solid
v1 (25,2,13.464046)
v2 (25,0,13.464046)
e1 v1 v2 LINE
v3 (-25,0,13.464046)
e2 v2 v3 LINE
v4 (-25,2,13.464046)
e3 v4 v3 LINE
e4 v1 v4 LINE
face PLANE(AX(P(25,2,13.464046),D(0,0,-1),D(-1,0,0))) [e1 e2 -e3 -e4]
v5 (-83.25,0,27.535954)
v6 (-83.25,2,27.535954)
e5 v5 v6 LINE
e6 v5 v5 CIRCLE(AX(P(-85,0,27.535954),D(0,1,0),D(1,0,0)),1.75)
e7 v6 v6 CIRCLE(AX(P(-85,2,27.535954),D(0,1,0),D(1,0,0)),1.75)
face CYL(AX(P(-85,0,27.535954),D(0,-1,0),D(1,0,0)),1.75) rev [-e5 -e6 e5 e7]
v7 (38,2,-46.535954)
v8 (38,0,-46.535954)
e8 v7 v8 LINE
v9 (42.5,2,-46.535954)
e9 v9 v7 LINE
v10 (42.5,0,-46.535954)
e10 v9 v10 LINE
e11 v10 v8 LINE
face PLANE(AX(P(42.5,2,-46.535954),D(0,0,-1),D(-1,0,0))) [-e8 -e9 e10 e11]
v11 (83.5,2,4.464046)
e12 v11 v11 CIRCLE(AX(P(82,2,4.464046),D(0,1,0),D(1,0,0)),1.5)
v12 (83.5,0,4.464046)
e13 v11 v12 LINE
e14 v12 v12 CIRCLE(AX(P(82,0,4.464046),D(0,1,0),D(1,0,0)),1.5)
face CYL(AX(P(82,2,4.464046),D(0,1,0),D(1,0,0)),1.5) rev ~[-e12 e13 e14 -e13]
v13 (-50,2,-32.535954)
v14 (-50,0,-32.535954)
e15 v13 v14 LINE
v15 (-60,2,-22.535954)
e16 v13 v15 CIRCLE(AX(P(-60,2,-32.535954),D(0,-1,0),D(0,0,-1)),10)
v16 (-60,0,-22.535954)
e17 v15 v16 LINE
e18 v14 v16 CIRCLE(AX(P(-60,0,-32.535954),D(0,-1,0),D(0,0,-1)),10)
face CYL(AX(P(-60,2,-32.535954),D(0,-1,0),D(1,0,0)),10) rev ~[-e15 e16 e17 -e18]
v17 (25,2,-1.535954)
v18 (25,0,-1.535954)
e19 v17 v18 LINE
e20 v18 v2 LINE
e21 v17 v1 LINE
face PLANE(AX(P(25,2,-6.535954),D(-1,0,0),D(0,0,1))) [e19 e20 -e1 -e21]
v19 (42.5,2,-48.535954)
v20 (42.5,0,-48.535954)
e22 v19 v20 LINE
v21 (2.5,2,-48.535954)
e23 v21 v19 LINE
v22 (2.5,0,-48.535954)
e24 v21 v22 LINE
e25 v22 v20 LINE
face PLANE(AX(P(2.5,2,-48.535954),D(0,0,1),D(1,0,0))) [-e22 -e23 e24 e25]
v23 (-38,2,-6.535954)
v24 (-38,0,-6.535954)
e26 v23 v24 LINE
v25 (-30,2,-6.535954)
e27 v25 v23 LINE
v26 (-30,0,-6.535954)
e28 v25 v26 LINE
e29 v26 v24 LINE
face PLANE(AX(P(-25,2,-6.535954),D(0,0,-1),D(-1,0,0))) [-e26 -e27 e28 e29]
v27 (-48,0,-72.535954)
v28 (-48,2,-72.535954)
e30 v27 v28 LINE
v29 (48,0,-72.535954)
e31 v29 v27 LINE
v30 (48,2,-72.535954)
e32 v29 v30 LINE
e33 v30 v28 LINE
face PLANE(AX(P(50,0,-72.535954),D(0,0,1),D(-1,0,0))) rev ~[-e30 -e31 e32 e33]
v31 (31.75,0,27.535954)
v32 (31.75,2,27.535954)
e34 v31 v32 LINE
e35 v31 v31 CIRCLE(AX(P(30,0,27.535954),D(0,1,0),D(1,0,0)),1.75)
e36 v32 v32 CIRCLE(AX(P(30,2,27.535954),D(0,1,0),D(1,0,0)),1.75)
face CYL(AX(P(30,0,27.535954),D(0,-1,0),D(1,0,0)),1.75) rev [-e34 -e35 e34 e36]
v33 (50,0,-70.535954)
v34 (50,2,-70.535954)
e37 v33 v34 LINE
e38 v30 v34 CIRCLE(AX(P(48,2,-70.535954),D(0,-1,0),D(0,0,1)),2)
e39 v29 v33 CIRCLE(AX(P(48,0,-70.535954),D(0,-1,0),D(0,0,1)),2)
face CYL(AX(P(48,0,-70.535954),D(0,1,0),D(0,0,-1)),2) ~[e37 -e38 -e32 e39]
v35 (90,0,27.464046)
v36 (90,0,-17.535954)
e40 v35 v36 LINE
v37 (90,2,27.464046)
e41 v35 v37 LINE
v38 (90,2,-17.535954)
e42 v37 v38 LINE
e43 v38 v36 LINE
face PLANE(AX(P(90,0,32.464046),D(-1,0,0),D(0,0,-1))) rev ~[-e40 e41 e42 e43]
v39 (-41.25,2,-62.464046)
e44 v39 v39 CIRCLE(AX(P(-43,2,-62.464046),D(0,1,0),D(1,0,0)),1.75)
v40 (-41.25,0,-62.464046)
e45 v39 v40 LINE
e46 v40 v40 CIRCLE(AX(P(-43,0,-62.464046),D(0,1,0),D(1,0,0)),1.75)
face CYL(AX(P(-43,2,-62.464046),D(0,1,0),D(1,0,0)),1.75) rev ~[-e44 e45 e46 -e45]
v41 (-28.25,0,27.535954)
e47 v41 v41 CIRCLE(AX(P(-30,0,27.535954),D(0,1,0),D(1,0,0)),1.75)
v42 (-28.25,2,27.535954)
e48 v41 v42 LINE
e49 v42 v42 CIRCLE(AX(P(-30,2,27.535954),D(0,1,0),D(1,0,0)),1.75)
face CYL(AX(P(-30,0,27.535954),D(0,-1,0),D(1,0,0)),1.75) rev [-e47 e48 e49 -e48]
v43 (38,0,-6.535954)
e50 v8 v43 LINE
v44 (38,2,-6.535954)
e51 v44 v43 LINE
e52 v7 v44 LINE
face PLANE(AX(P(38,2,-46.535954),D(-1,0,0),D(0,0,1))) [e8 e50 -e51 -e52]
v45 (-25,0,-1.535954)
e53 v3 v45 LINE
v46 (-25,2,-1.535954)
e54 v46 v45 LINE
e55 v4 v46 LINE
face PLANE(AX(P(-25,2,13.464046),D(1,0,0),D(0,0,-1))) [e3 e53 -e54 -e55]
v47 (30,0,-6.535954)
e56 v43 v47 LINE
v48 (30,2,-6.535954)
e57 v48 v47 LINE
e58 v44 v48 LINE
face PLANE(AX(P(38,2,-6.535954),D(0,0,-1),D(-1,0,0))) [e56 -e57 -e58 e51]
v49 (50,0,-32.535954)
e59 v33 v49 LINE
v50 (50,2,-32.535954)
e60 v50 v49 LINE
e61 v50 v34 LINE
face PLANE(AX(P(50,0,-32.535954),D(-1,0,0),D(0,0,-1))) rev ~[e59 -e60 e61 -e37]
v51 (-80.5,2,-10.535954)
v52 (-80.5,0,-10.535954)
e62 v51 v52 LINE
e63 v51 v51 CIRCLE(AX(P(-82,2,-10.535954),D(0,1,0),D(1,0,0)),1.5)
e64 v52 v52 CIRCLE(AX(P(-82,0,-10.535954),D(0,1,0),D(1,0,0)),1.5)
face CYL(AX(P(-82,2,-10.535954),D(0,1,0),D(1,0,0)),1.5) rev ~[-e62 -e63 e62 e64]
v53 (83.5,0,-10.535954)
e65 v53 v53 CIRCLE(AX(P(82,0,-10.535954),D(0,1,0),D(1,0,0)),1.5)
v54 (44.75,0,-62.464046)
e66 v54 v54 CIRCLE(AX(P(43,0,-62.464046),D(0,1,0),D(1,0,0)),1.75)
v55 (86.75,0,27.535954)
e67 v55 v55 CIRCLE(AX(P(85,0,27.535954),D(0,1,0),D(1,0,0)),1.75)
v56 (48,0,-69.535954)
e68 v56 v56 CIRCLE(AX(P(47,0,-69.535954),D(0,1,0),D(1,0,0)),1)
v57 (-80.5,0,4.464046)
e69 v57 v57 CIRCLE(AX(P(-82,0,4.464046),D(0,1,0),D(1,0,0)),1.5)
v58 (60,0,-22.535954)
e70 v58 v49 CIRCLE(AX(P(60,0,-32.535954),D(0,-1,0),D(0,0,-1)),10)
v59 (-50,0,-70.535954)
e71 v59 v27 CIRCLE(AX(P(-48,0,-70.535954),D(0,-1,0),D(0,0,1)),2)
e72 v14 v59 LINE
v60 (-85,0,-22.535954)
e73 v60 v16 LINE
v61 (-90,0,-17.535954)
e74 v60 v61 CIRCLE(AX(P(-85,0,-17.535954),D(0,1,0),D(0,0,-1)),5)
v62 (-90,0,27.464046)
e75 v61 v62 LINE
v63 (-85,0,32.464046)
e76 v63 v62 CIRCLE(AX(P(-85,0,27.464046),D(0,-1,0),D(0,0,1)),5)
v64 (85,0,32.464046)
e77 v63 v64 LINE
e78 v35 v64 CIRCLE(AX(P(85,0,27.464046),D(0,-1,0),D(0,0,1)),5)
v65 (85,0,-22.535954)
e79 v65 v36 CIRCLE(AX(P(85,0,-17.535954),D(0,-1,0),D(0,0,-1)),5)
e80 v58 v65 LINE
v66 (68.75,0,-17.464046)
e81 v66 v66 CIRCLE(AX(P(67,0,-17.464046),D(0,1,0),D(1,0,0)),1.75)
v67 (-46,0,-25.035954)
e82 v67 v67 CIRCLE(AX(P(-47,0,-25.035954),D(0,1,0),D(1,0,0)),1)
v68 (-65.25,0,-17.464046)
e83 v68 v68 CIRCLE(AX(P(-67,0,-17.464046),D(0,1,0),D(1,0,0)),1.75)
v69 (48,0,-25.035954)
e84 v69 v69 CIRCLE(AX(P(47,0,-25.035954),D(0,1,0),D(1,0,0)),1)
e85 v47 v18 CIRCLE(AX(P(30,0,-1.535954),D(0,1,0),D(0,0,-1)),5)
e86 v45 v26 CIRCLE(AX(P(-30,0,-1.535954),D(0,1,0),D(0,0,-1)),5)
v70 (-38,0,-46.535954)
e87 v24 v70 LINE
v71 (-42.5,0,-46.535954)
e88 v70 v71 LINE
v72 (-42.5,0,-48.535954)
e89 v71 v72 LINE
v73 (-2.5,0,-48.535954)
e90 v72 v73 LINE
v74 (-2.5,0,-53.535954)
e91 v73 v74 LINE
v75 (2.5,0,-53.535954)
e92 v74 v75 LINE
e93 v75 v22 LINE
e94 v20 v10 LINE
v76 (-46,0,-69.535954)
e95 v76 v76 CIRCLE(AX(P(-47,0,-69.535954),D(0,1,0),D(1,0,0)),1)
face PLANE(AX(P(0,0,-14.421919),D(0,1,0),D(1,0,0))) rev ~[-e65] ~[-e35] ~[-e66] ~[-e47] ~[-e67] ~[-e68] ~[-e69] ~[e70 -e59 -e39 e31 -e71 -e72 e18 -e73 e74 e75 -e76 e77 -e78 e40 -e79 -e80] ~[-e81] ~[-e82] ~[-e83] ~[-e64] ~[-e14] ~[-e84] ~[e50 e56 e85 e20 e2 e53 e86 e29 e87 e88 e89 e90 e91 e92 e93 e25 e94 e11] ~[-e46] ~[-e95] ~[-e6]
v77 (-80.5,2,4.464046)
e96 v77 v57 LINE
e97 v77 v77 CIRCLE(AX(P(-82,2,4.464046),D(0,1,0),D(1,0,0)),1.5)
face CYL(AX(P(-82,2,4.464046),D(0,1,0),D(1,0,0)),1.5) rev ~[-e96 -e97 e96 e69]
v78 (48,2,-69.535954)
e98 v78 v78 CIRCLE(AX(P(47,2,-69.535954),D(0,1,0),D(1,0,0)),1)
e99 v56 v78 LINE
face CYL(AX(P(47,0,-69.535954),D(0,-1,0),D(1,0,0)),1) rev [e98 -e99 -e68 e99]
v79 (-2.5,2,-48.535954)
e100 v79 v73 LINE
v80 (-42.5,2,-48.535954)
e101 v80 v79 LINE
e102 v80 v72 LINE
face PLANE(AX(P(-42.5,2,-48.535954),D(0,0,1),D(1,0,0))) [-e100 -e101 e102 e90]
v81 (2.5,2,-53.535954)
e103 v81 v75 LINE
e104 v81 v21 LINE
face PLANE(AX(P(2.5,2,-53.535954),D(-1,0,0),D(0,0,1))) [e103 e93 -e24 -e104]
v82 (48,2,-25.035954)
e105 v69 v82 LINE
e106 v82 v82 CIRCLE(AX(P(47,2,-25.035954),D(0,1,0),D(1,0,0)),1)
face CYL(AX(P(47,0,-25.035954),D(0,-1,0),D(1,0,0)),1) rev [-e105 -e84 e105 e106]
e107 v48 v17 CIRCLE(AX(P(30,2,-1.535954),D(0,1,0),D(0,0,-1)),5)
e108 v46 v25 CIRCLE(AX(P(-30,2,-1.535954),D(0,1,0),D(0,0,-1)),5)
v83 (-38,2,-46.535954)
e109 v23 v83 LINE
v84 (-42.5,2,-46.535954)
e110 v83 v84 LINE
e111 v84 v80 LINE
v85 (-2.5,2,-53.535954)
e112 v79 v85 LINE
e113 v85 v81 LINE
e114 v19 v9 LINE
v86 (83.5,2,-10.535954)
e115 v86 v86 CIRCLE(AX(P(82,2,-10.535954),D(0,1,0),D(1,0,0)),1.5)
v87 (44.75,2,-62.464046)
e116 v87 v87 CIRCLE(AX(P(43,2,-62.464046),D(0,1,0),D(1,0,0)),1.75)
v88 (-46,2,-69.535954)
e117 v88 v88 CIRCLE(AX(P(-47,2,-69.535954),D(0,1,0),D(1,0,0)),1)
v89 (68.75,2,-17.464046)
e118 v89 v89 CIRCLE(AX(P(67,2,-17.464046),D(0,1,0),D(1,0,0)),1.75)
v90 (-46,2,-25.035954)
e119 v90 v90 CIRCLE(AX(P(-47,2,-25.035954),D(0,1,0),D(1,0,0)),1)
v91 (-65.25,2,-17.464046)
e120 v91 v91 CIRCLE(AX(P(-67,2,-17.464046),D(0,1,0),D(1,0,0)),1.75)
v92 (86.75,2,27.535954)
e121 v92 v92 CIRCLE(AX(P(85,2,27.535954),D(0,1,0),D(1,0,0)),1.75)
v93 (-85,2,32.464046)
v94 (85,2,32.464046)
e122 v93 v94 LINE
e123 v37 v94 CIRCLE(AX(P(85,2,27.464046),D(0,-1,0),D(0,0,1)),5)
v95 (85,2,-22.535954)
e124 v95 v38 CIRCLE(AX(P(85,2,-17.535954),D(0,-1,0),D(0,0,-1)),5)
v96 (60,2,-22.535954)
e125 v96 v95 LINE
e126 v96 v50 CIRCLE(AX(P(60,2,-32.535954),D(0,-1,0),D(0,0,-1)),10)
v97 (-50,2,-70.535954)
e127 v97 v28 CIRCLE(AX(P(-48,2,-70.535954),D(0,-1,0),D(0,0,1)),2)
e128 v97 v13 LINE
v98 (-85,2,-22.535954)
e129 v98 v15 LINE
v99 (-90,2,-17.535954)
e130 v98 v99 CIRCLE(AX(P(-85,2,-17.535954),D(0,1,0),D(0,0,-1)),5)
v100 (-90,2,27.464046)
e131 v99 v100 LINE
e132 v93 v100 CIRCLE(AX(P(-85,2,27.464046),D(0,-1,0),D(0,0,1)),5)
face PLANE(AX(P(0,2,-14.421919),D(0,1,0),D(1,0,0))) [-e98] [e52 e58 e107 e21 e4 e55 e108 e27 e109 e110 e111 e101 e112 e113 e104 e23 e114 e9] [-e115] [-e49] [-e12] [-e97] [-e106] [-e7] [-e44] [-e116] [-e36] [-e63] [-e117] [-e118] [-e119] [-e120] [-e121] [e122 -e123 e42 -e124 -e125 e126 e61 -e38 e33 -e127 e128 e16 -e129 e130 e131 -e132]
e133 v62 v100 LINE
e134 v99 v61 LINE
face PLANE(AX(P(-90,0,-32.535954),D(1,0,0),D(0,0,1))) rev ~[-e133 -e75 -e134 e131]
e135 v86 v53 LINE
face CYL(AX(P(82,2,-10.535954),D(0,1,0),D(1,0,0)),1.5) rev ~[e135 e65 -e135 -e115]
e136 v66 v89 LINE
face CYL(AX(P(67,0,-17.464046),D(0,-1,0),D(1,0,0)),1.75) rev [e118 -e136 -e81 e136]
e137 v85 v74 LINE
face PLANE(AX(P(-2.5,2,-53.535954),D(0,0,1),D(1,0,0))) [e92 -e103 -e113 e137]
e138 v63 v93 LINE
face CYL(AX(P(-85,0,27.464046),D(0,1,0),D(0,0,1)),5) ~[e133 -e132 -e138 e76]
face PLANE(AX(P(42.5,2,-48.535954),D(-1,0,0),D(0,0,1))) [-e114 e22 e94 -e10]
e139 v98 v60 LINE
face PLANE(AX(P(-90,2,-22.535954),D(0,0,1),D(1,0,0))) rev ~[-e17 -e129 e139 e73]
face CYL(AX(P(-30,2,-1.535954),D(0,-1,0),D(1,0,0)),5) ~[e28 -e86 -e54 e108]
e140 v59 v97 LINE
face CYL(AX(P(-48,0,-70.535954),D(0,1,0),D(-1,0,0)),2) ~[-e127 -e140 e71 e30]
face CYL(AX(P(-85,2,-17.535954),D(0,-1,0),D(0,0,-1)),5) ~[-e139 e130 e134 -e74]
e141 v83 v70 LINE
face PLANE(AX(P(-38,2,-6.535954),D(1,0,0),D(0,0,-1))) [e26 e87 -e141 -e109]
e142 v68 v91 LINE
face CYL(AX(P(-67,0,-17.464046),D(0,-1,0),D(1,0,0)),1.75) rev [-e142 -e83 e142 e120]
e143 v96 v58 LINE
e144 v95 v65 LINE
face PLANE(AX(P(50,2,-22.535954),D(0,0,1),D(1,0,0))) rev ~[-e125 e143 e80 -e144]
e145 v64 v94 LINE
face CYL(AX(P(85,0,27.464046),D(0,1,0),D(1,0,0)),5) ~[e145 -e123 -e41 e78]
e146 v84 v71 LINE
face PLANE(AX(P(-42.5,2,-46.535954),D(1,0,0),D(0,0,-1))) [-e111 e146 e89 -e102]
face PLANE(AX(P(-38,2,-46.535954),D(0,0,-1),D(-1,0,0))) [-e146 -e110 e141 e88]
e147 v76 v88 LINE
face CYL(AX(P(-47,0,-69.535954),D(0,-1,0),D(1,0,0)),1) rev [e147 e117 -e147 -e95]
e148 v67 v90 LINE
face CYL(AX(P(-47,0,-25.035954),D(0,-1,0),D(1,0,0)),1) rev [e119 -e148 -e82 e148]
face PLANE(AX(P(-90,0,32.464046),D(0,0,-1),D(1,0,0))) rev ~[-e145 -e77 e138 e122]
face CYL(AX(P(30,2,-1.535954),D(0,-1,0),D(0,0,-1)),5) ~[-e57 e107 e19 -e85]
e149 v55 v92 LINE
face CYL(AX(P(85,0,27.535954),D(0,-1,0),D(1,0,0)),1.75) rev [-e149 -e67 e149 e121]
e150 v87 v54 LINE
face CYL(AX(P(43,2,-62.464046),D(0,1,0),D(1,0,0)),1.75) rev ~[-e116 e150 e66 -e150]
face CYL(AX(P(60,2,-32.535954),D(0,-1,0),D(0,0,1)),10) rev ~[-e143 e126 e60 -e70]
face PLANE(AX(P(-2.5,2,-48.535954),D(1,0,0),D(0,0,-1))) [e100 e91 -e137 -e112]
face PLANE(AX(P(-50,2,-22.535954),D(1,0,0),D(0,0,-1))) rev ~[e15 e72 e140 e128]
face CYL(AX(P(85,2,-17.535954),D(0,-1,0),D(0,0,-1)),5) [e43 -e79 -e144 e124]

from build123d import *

# Parameters (mm, degrees)
SKETCH1_R           = 1.75
SKETCH1_R_2         = 1
BOSS_EXTRUDE1_DEPTH = 2
SKETCH3_R           = 1.75
SKETCH3_W           = 40
SKETCH3_H           = 10
CUT_EXTRUDE2_DEPTH  = 10
FILLET1_R           = 2
FILLET2_R           = 5
FILLET3_R           = 10
SKETCH4_R           = 1.5
CUT_EXTRUDE3_DEPTH  = 10


with BuildPart() as part:
    # Sketch1 → Boss-Extrude1 (new body)
    with BuildSketch(Plane(origin=(0, 0, 0), x_dir=(1, 0, 0), z_dir=(0, 1, 0))):
        Polygon((-90, 32.535953793), (-90, -32.464046207), (90, -32.464046207), (90, 32.535953793), (50, 32.535953793), (50, 72.535953793), (-50, 72.535953793), (-50, 32.535953793), align=None)
        with Locations((-85, -27.535953793)):
            Circle(SKETCH1_R, mode=Mode.SUBTRACT)
        with Locations((85, -27.535953793)):
            Circle(SKETCH1_R, mode=Mode.SUBTRACT)
        with Locations((-30, -27.535953793)):
            Circle(SKETCH1_R, mode=Mode.SUBTRACT)
        with Locations((30, -27.535953793)):
            Circle(SKETCH1_R, mode=Mode.SUBTRACT)
        with Locations((-67, 17.464046207)):
            Circle(SKETCH1_R, mode=Mode.SUBTRACT)
        with Locations((67, 17.464046207)):
            Circle(SKETCH1_R, mode=Mode.SUBTRACT)
        with Locations((-47, 69.535953793)):
            Circle(SKETCH1_R_2, mode=Mode.SUBTRACT)
        with Locations((-47, 25.035953793)):
            Circle(SKETCH1_R_2, mode=Mode.SUBTRACT)
        with Locations((47, 25.035953793)):
            Circle(SKETCH1_R_2, mode=Mode.SUBTRACT)
        with Locations((47, 69.535953793)):
            Circle(SKETCH1_R_2, mode=Mode.SUBTRACT)
    extrude(amount=BOSS_EXTRUDE1_DEPTH)

    # Sketch3 → Cut-Extrude2 (cut)
    with BuildSketch(Plane(origin=(0, 2, 0), x_dir=(1, 0, 0), z_dir=(0, 1, 0))):
        with Locations((-43, 62.464046207)):
            Circle(SKETCH3_R)
        with Locations((43, 62.464046207)):
            Circle(SKETCH3_R)
        Polygon((2.5, 48.535953793), (42.5, 48.535953793), (42.5, 46.535953793), (38, 46.535953793), (38, 6.535953793), (25, 6.535953793), (25, -13.464046207), (-25, -13.464046207), (-25, 6.535953793), (-38, 6.535953793), (-38, 46.535953793), (-42.5, 46.535953793), (-42.5, 48.535953793), (-2.5, 48.535953793), (-2.5, 53.535953793), (2.5, 53.535953793), align=None)
        with Locations((70, 27.535953793)):
            Rectangle(SKETCH3_W, SKETCH3_H)
        with Locations((-70, 27.535953793)):
            Rectangle(SKETCH3_W, SKETCH3_H)
    extrude(amount=-CUT_EXTRUDE2_DEPTH, mode=Mode.SUBTRACT)

    # Fillet1
    fillet1_edges = [part.edges().sort_by_distance(p)[0] for p in [
        (-50, 1, -72.535953793),
        (50, 1, -72.535953793),
    ]]
    fillet(fillet1_edges, radius=FILLET1_R)

    # Fillet2
    fillet2_edges = [part.edges().sort_by_distance(p)[0] for p in [
        (90, 1, -22.535953793),
        (25, 1, -6.535953793),
        (-25, 1, -6.535953793),
        (90, 1, 32.464046207),
        (-90, 1, 32.464046207),
        (-90, 1, -22.535953793),
    ]]
    fillet(fillet2_edges, radius=FILLET2_R)

    # Fillet3
    fillet3_edges = [part.edges().sort_by_distance(p)[0] for p in [
        (50, 1, -22.535953793),
        (-50, 1, -22.535953793),
    ]]
    fillet(fillet3_edges, radius=FILLET3_R)

    # Sketch4 → Cut-Extrude3 (cut)
    with BuildSketch(Plane(origin=(0, 2, 0), x_dir=(1, 0, 0), z_dir=(0, 1, 0))):
        with Locations((-82, 10.535953793)):
            Circle(SKETCH4_R)
        with Locations((-82, -4.464046207)):
            Circle(SKETCH4_R)
        with Locations((82, 10.535953793)):
            Circle(SKETCH4_R)
        with Locations((82, -4.464046207)):
            Circle(SKETCH4_R)
    extrude(amount=-CUT_EXTRUDE3_DEPTH, mode=Mode.SUBTRACT)


solid = part.part
